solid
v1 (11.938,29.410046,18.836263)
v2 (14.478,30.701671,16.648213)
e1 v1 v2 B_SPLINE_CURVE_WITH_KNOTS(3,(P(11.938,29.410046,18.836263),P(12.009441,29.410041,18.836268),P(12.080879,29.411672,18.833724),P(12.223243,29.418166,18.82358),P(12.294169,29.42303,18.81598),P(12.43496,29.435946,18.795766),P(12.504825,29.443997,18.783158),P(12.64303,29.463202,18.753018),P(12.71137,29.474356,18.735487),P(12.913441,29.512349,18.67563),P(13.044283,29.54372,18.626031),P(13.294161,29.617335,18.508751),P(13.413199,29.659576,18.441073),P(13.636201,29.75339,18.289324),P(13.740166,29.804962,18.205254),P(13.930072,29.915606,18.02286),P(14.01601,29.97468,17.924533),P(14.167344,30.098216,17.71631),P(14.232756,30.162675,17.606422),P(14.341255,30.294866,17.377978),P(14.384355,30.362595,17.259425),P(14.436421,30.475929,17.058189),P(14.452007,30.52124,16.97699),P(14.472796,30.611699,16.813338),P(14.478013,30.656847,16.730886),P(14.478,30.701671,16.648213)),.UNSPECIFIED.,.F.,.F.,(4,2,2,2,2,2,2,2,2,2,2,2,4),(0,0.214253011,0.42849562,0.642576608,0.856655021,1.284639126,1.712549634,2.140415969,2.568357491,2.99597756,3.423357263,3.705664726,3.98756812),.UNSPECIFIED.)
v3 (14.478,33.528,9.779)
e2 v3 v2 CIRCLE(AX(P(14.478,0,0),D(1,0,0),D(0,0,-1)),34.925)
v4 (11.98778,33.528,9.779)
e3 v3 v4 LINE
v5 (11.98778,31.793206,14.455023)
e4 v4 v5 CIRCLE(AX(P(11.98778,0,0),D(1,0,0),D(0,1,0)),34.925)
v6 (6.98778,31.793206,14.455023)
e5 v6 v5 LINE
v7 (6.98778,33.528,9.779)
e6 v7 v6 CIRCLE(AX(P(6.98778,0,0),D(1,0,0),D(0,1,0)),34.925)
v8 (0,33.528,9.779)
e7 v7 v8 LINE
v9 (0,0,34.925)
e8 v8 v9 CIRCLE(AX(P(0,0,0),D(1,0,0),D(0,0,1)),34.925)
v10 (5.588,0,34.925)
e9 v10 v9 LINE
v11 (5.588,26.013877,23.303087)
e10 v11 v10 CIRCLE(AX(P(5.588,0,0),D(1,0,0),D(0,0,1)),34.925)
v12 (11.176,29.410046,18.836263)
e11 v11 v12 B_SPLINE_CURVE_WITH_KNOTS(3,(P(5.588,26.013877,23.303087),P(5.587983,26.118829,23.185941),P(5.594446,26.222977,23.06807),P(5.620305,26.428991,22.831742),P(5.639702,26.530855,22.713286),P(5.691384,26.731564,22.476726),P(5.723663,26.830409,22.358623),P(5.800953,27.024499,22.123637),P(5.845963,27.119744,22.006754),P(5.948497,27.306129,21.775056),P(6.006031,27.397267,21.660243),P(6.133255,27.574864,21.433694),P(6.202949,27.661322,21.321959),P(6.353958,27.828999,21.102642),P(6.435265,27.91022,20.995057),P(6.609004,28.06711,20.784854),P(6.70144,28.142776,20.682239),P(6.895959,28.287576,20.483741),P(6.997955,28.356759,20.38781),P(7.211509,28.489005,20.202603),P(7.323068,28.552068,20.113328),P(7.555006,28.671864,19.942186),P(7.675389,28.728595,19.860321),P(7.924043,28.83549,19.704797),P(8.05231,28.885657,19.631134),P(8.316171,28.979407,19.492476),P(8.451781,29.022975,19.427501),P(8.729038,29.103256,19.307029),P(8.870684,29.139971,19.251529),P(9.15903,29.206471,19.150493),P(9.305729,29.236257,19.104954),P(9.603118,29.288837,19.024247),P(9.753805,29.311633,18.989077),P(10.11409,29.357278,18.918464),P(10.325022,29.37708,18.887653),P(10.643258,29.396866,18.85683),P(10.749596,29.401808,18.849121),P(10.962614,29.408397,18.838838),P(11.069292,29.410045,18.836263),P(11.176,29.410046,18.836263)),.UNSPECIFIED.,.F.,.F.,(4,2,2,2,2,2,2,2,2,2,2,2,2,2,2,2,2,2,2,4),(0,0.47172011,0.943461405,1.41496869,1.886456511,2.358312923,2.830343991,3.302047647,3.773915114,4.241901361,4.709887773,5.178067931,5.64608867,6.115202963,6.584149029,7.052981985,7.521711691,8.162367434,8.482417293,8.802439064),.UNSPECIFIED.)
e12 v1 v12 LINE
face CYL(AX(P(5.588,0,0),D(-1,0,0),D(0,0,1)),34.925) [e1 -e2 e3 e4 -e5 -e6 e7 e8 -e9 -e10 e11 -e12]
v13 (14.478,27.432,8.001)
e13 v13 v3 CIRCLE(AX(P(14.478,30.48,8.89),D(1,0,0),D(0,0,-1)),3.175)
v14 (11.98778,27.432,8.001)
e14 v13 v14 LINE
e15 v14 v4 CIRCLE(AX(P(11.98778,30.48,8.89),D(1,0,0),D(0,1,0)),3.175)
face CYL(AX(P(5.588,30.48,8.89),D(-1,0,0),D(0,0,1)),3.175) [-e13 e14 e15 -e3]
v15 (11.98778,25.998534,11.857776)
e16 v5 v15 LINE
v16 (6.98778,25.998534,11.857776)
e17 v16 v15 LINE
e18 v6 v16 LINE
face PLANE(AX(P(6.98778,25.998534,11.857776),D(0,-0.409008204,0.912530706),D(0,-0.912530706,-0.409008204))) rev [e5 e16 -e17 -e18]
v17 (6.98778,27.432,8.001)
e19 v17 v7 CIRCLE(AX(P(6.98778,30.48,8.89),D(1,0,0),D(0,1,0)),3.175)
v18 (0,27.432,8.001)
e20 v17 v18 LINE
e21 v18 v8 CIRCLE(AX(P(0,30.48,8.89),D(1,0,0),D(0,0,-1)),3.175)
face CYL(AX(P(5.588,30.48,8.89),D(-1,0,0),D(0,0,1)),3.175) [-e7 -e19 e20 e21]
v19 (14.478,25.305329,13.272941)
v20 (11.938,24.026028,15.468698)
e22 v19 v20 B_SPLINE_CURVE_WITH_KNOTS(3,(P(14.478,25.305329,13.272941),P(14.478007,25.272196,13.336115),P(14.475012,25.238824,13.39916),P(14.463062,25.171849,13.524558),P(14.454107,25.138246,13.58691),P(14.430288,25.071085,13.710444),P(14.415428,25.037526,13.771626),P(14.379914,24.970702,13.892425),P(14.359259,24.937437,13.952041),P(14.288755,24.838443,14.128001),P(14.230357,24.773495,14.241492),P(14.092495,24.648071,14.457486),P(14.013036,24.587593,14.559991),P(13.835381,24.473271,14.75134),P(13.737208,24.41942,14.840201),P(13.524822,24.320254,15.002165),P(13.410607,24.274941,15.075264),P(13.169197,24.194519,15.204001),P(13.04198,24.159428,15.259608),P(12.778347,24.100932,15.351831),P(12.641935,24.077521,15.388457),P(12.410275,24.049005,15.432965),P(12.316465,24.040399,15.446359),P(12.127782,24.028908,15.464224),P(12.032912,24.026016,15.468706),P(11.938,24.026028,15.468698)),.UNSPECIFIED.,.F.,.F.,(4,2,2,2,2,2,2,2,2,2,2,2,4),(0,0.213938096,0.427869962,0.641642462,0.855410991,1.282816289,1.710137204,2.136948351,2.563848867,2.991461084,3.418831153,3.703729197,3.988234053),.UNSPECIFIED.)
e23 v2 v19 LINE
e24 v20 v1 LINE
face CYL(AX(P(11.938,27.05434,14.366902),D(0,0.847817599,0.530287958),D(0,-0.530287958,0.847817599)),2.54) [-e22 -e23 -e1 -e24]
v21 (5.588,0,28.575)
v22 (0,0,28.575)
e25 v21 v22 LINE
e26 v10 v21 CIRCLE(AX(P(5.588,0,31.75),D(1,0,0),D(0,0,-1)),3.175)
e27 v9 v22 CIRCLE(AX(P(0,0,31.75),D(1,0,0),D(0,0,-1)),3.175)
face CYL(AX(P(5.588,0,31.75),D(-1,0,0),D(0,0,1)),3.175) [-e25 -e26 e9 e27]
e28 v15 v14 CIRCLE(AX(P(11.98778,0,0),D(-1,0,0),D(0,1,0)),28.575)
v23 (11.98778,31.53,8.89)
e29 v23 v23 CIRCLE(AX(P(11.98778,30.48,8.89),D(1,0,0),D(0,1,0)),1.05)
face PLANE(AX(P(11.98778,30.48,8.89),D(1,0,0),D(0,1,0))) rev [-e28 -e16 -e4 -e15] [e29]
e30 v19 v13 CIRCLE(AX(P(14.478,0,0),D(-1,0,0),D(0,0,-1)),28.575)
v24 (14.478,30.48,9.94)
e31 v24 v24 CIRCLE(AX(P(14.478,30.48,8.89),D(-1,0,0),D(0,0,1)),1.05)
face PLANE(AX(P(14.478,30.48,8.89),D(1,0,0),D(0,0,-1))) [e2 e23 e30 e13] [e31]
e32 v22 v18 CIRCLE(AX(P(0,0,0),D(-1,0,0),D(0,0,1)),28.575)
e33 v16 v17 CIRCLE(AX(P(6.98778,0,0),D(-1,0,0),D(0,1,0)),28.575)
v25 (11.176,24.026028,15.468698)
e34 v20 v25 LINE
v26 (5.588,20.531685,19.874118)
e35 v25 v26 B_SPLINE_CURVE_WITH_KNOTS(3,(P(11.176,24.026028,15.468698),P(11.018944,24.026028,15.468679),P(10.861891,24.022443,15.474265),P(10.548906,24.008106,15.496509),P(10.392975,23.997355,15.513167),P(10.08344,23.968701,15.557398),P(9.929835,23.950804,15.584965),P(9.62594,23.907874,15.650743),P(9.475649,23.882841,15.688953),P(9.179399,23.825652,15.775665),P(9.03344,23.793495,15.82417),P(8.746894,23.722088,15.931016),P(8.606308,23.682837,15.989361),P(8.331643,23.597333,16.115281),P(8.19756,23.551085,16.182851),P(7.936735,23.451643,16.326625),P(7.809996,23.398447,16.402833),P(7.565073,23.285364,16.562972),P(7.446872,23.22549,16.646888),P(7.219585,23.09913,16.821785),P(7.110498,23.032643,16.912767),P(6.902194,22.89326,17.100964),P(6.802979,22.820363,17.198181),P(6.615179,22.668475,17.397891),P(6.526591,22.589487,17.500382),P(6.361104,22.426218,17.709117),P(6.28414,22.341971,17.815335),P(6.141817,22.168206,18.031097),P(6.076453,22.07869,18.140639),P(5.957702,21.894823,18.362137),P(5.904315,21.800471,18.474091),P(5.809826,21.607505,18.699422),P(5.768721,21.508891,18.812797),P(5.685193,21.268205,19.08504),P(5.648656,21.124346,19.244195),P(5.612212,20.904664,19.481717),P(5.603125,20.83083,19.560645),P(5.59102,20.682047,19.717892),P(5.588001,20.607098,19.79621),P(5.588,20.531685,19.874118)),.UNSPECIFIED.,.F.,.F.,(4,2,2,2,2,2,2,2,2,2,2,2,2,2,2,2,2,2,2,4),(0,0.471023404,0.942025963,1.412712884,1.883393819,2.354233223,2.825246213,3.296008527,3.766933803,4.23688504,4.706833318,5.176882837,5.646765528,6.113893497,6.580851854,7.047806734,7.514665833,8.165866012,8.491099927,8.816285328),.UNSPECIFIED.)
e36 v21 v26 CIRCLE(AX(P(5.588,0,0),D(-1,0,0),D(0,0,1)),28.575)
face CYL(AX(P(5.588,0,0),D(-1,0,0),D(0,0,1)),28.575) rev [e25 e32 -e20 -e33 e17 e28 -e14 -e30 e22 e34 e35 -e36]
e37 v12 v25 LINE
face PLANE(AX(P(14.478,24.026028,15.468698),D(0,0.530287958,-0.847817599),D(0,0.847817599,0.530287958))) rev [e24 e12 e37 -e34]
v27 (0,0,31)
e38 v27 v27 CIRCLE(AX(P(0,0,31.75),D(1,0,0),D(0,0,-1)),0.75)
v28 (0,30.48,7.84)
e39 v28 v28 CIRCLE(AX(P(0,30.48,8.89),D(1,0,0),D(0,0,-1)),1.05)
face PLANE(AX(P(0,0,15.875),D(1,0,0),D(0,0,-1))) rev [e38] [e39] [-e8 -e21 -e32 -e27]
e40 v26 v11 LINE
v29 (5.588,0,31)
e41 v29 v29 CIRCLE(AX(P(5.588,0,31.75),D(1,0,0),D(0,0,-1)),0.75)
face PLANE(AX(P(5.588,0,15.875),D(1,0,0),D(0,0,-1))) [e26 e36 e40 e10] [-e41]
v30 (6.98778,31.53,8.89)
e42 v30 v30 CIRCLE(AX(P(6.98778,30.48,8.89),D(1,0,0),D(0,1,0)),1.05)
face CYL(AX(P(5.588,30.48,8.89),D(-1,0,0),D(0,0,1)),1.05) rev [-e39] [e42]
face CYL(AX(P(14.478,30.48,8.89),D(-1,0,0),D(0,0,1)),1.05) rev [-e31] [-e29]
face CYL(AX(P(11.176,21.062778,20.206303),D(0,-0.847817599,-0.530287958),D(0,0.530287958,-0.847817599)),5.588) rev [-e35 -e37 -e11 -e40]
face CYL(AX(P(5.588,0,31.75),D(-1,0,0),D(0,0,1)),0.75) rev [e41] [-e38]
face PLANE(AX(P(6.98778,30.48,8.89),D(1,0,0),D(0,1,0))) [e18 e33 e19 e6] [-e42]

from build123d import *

# Parameters (mm, degrees)
ESQUISSE1_R             = 0.750000000000002
ESQUISSE1_R_2           = 1.05
BOSS_EXTRU_1_DEPTH      = 5.588
BOSS_EXTRU_2_DEPTH      = 8.889999999999999
ENL_V_MAT_EXTRU_1_DEPTH = 2.5
ESQUISSE4_R             = 1.05
ENL_V_MAT_EXTRU_2_DEPTH = 51.616470975365324
CONG_1_R                = 5.588
CONG_2_R                = 2.54


with BuildPart() as part:
    # Esquisse1 → Boss.-Extru.1 (new body)
    with BuildSketch(Plane(origin=(0, 0, 0), x_dir=(0, 0, -1), z_dir=(1, 0, 0))):
        with BuildLine():
            ThreePointArc((-28.574999999999996, 0), (-22.86, 17.144999999999996), (-8.00099999999999, 27.432000000000002))
            ThreePointArc((-8.00099999999999, 27.432000000000002), (-5.841999999999989, 31.369000000000003), (-9.778999999999986, 33.528))
            ThreePointArc((-9.778999999999986, 33.528), (-27.939999999999998, 20.955), (-34.925, 0))
            ThreePointArc((-34.925, 0), (-31.75, -3.174999999999997), (-28.574999999999996, 0))
        make_face()
        with Locations((-31.75, 0)):
            Circle(ESQUISSE1_R, mode=Mode.SUBTRACT)
        with Locations((-8.889999999999992, 30.480000000000004)):
            Circle(ESQUISSE1_R_2, mode=Mode.SUBTRACT)
    extrude(amount=BOSS_EXTRU_1_DEPTH)

    # Esquisse2 → Boss.-Extru.2 (add)
    with BuildSketch(Plane(origin=(5.588, 0, 0), x_dir=(0, 0, -1), z_dir=(1, 0, 0))):
        with BuildLine():
            Line((-15.468698222001095, 24.026027560057866), (-18.836262664685126, 29.410046477810756))
            ThreePointArc((-18.836262664685126, 29.410046477810756), (-14.455023336022604, 31.793205647670106), (-9.778999999999986, 33.528000000000006))
            ThreePointArc((-9.778999999999986, 33.528000000000006), (-5.8419999999999845, 31.369000000000003), (-8.000999999999987, 27.432))
            ThreePointArc((-8.000999999999987, 27.432), (-11.85777574941277, 25.9985341755384), (-15.468698222001095, 24.026027560057866))
        make_face()
    extrude(amount=BOSS_EXTRU_2_DEPTH)

    # Esquisse3 → Enlèv. mat.-Extru.1 (cut, symmetric)
    with BuildSketch(Plane(origin=(9.487780000000024, 4.74e-15, -3.69e-15), x_dir=(-1.3e-16, 0, -1), z_dir=(1, 2.5e-16, -1.3e-16))):
        with BuildLine():
            Line((-11.857775749412772, 25.9985341755384), (-14.455023336022602, 31.793205647670096))
            ThreePointArc((-14.455023336022602, 31.793205647670096), (-12.148018341439107, 32.74417925946624), (-9.778999999999993, 33.528))
            ThreePointArc((-9.778999999999993, 33.528), (-5.84199999999999, 31.368999999999996), (-8.000999999999994, 27.43199999999999))
            ThreePointArc((-8.000999999999994, 27.43199999999999), (-9.9552222292544, 26.78477506655896), (-11.857775749412772, 25.9985341755384))
        make_face()
    extrude(amount=ENL_V_MAT_EXTRU_1_DEPTH, both=True, mode=Mode.SUBTRACT)

    # Esquisse4 → Enlèv. mat.-Extru.2 (cut, through all)
    with BuildSketch(Plane.ZY):
        with Locations(Location((8.889999999999992, 30.480000000000004, 0), (0, 0, 90))):
            Circle(ESQUISSE4_R)
    extrude(amount=-ENL_V_MAT_EXTRU_2_DEPTH, mode=Mode.SUBTRACT)

    # Congé1
    cong_1_edges = [part.edges().sort_by_distance(p)[0] for p in [
        (5.588, 26.71803701893431, 17.152480443343112),
    ]]
    fillet(cong_1_edges, radius=CONG_1_R)

    # Congé2
    cong_2_edges = [part.edges().sort_by_distance(p)[0] for p in [
        (14.477999999999998, 26.71803701893431, 17.152480443343112),
    ]]
    fillet(cong_2_edges, radius=CONG_2_R)


solid = part.part
